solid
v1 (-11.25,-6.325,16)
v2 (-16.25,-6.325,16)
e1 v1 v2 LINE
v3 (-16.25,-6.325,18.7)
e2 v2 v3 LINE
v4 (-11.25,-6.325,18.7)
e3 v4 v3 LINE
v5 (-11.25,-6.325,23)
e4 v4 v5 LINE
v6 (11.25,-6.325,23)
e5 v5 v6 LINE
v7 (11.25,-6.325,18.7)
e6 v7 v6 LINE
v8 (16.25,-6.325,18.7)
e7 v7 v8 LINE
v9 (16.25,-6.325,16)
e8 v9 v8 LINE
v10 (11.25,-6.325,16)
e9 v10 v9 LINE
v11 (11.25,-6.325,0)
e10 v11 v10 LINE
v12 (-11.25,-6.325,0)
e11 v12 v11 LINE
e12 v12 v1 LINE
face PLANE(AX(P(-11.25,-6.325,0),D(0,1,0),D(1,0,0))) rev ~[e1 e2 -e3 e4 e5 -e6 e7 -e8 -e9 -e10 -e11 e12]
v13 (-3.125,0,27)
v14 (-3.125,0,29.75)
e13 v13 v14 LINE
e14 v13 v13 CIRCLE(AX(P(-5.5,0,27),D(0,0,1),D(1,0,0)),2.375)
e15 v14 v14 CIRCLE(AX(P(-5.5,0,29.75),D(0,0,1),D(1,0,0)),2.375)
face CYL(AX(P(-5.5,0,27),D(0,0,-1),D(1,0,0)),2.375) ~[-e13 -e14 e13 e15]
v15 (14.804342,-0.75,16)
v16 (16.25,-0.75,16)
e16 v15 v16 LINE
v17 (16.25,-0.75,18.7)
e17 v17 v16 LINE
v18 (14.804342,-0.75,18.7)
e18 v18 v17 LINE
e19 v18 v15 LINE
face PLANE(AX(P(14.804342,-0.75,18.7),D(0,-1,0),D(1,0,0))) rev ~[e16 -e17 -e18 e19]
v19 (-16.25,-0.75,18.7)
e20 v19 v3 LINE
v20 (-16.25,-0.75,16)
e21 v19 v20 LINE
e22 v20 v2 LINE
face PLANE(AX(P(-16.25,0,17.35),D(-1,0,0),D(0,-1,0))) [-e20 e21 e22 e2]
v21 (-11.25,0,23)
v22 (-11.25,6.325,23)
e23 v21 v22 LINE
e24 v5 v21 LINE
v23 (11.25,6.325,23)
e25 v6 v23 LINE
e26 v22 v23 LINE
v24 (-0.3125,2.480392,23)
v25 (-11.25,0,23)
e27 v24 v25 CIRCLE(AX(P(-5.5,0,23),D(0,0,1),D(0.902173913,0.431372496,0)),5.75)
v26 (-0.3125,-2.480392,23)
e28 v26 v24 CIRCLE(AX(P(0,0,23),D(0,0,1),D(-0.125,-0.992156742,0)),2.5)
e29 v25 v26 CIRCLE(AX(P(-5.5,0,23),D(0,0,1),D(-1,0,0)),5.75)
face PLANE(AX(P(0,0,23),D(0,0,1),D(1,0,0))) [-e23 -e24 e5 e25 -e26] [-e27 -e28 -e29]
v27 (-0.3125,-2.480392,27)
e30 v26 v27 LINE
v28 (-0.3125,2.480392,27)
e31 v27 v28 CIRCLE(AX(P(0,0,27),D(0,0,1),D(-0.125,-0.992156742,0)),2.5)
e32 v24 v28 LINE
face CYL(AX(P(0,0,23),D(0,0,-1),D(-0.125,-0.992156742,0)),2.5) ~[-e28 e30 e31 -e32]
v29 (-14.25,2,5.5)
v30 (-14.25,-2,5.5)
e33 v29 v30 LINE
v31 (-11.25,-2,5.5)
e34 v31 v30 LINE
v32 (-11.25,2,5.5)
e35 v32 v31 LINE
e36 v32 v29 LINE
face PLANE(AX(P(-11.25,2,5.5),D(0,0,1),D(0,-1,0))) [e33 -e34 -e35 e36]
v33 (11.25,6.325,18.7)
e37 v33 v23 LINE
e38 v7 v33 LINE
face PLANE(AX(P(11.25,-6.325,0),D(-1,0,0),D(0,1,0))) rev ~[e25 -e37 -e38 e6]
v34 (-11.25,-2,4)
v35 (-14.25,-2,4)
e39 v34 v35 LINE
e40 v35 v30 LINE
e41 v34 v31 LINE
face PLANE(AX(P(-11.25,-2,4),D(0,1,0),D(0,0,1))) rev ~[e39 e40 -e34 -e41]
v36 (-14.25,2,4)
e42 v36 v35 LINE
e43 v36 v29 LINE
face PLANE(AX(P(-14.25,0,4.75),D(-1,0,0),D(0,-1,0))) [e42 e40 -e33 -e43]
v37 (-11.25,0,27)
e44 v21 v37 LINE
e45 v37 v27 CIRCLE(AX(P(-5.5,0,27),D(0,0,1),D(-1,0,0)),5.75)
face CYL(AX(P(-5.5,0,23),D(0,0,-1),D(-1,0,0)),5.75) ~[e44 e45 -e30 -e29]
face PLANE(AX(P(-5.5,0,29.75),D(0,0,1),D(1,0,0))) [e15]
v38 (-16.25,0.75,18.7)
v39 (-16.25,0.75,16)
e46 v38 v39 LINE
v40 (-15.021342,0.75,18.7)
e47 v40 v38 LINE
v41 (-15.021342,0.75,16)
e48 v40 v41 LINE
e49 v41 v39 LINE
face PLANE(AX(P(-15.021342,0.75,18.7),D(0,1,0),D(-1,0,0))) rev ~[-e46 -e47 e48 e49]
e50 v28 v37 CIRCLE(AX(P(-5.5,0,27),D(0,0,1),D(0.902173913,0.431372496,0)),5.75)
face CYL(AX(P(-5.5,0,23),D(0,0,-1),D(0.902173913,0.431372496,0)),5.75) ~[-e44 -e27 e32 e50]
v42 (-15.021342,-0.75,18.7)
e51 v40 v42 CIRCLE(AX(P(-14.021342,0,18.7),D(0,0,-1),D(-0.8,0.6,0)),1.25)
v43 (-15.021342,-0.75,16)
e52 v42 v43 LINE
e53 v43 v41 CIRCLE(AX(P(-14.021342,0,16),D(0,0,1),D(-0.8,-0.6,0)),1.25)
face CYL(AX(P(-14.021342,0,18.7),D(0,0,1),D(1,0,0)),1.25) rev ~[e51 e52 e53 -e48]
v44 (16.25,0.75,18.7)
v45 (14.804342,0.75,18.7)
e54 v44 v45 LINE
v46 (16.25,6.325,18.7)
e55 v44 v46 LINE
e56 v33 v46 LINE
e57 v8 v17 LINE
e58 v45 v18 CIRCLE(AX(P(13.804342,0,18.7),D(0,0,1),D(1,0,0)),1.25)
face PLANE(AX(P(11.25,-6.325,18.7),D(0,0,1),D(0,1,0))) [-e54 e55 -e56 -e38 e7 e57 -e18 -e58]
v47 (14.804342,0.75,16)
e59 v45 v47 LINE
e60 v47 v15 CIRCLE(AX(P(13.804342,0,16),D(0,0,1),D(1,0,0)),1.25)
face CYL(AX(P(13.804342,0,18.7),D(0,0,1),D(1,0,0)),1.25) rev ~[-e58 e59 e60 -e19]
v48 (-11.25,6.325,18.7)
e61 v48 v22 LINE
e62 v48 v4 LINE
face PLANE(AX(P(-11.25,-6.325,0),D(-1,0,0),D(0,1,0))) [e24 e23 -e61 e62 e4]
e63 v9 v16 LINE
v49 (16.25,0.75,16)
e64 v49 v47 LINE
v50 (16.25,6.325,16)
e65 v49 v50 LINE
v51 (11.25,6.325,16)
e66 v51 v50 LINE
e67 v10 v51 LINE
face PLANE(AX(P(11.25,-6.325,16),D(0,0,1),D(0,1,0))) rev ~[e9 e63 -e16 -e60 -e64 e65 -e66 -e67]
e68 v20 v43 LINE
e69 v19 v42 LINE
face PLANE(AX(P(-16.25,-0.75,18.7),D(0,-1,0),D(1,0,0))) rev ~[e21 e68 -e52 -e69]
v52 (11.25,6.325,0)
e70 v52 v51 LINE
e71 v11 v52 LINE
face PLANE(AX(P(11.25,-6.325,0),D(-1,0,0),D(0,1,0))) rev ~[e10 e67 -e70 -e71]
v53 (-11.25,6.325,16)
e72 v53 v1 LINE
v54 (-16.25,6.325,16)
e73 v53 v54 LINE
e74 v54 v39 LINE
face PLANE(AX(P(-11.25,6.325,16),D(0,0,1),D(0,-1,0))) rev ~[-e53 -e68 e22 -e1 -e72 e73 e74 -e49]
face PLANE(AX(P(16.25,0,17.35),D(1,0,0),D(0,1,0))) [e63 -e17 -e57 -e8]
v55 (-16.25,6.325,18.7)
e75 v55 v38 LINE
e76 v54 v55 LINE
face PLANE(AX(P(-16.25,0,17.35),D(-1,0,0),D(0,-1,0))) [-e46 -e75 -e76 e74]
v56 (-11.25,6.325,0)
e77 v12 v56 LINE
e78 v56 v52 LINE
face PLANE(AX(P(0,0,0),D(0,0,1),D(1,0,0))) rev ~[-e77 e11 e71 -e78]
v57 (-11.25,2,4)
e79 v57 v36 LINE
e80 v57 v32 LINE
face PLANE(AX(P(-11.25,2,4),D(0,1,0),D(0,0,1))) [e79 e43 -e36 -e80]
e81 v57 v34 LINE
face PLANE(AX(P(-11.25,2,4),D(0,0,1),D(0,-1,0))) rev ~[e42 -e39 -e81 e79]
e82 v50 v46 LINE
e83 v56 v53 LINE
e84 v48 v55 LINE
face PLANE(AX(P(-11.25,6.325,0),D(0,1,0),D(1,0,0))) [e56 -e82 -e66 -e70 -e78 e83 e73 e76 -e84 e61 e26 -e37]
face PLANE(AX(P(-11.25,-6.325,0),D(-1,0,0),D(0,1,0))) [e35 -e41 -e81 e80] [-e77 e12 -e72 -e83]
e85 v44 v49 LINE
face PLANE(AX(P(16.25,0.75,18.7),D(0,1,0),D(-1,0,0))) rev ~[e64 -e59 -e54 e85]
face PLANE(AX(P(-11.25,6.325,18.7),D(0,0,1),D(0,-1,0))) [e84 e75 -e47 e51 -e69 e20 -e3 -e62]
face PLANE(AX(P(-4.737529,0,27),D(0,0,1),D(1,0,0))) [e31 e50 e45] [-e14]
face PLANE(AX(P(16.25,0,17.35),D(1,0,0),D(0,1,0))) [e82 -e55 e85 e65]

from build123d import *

# Parameters (mm, degrees)
F0_W      = 22.5
F0_H      = 12.65
F1_DEPTH  = 23
F2_W      = 12.65
F2_H      = 2.7
F3_DEPTH  = 5
F4_W      = 4
F4_H      = 1.5
F5_DEPTH  = 3
F6_R      = 1.25
F7_DEPTH  = 2.7
F8_W      = 12.65
F8_H      = 2.7
F9_DEPTH  = 5
F10_R     = 1.25
F11_DEPTH = 2.7
F12_R     = 2.375
F13_DEPTH = 4
F14_R     = 2.375
F15_DEPTH = 2.75
F17_DEPTH = 2.7
F19_DEPTH = 2.7


with BuildPart() as f1:
    # F0 (on Top) → F1 (new body)
    with BuildSketch(Plane.XY):
        Rectangle(F0_W, F0_H)
    extrude(amount=F1_DEPTH)

    # F2 (on face) → F3 (join)
    with BuildSketch(Plane(origin=(-11.25, 0, 0), x_dir=(0, -1, 0), z_dir=(-1, 0, 0))):
        with Locations((0, 17.35)):
            Rectangle(F2_W, F2_H)
    extrude(amount=F3_DEPTH)

    # F4 (on face) → F5 (join)
    with BuildSketch(Plane(origin=(-11.25, 0, 0), x_dir=(0, -1, 0), z_dir=(-1, 0, 0))):
        with Locations((0, 4.75)):
            Rectangle(F4_W, F4_H)
    extrude(amount=F5_DEPTH)

    # F6 (on face) → F7 (cut, through all)
    with BuildSketch(Plane.XY.offset(18.7)):
        with Locations((-14.0213416889, 0)):
            Circle(F6_R)
    extrude(amount=-F7_DEPTH, mode=Mode.SUBTRACT)

    # F8 (on face) → F9 (join)
    with BuildSketch(Plane.YZ.offset(11.25)):
        with Locations((0, 17.35)):
            Rectangle(F8_W, F8_H)
    extrude(amount=F9_DEPTH)

    # F10 (on face) → F11 (cut, through all)
    with BuildSketch(Plane.XY.offset(18.7)):
        with Locations((13.8043416664, 0)):
            Circle(F10_R)
    extrude(amount=-F11_DEPTH, mode=Mode.SUBTRACT)

    # F12 (on face) → F13 (join)
    with BuildSketch(Plane.XY.offset(23)):
        with BuildLine():
            ThreePointArc((-0.3125, -2.4803918541), (2.5, 0), (-0.3125, 2.4803918541))
            ThreePointArc((-0.3125, 2.4803918541), (-6.7716868718, 5.607612014), (-11.25, 0))
            ThreePointArc((-11.25, 0), (-6.7716868718, -5.607612014), (-0.3125, -2.4803918541))
        make_face()
        with Locations((-5.5, 0)):
            Circle(F12_R, mode=Mode.SUBTRACT)
        with Locations((-5.5, 0)):
            Circle(F12_R)
    extrude(amount=F13_DEPTH)

    # F14 (on face) → F15 (join)
    with BuildSketch(Plane.XY.offset(27)):
        with Locations((-5.5, 0)):
            Circle(F14_R)
    extrude(amount=F15_DEPTH)

    # F16 (on face) → F17 (cut, through all)
    with BuildSketch(Plane.XY.offset(18.7)):
        with BuildLine():
            Line((16.25, 0.75), (14.8043416664, 0.75))
            ThreePointArc((14.8043416664, 0.75), (14.990195789, 0.3952847075), (15.0543416664, 0))
            ThreePointArc((15.0543416664, 0), (14.990195789, -0.3952847075), (14.8043416664, -0.75))
            Line((14.8043416664, -0.75), (16.25, -0.75))
            Line((16.25, -0.75), (16.25, 0.75))
        make_face()
    extrude(amount=-F17_DEPTH, mode=Mode.SUBTRACT)

    # F18 (on face) → F19 (cut, through all)
    with BuildSketch(Plane.XY.offset(18.7)):
        with BuildLine():
            Line((-15.0213416889, 0.75), (-16.25, 0.75))
            Line((-16.25, 0.75), (-16.25, -0.75))
            Line((-16.25, -0.75), (-15.0213416889, -0.75))
            ThreePointArc((-15.0213416889, -0.75), (-15.2713416889, 0), (-15.0213416889, 0.75))
        make_face()
    extrude(amount=-F19_DEPTH, mode=Mode.SUBTRACT)


solid = f1.part
